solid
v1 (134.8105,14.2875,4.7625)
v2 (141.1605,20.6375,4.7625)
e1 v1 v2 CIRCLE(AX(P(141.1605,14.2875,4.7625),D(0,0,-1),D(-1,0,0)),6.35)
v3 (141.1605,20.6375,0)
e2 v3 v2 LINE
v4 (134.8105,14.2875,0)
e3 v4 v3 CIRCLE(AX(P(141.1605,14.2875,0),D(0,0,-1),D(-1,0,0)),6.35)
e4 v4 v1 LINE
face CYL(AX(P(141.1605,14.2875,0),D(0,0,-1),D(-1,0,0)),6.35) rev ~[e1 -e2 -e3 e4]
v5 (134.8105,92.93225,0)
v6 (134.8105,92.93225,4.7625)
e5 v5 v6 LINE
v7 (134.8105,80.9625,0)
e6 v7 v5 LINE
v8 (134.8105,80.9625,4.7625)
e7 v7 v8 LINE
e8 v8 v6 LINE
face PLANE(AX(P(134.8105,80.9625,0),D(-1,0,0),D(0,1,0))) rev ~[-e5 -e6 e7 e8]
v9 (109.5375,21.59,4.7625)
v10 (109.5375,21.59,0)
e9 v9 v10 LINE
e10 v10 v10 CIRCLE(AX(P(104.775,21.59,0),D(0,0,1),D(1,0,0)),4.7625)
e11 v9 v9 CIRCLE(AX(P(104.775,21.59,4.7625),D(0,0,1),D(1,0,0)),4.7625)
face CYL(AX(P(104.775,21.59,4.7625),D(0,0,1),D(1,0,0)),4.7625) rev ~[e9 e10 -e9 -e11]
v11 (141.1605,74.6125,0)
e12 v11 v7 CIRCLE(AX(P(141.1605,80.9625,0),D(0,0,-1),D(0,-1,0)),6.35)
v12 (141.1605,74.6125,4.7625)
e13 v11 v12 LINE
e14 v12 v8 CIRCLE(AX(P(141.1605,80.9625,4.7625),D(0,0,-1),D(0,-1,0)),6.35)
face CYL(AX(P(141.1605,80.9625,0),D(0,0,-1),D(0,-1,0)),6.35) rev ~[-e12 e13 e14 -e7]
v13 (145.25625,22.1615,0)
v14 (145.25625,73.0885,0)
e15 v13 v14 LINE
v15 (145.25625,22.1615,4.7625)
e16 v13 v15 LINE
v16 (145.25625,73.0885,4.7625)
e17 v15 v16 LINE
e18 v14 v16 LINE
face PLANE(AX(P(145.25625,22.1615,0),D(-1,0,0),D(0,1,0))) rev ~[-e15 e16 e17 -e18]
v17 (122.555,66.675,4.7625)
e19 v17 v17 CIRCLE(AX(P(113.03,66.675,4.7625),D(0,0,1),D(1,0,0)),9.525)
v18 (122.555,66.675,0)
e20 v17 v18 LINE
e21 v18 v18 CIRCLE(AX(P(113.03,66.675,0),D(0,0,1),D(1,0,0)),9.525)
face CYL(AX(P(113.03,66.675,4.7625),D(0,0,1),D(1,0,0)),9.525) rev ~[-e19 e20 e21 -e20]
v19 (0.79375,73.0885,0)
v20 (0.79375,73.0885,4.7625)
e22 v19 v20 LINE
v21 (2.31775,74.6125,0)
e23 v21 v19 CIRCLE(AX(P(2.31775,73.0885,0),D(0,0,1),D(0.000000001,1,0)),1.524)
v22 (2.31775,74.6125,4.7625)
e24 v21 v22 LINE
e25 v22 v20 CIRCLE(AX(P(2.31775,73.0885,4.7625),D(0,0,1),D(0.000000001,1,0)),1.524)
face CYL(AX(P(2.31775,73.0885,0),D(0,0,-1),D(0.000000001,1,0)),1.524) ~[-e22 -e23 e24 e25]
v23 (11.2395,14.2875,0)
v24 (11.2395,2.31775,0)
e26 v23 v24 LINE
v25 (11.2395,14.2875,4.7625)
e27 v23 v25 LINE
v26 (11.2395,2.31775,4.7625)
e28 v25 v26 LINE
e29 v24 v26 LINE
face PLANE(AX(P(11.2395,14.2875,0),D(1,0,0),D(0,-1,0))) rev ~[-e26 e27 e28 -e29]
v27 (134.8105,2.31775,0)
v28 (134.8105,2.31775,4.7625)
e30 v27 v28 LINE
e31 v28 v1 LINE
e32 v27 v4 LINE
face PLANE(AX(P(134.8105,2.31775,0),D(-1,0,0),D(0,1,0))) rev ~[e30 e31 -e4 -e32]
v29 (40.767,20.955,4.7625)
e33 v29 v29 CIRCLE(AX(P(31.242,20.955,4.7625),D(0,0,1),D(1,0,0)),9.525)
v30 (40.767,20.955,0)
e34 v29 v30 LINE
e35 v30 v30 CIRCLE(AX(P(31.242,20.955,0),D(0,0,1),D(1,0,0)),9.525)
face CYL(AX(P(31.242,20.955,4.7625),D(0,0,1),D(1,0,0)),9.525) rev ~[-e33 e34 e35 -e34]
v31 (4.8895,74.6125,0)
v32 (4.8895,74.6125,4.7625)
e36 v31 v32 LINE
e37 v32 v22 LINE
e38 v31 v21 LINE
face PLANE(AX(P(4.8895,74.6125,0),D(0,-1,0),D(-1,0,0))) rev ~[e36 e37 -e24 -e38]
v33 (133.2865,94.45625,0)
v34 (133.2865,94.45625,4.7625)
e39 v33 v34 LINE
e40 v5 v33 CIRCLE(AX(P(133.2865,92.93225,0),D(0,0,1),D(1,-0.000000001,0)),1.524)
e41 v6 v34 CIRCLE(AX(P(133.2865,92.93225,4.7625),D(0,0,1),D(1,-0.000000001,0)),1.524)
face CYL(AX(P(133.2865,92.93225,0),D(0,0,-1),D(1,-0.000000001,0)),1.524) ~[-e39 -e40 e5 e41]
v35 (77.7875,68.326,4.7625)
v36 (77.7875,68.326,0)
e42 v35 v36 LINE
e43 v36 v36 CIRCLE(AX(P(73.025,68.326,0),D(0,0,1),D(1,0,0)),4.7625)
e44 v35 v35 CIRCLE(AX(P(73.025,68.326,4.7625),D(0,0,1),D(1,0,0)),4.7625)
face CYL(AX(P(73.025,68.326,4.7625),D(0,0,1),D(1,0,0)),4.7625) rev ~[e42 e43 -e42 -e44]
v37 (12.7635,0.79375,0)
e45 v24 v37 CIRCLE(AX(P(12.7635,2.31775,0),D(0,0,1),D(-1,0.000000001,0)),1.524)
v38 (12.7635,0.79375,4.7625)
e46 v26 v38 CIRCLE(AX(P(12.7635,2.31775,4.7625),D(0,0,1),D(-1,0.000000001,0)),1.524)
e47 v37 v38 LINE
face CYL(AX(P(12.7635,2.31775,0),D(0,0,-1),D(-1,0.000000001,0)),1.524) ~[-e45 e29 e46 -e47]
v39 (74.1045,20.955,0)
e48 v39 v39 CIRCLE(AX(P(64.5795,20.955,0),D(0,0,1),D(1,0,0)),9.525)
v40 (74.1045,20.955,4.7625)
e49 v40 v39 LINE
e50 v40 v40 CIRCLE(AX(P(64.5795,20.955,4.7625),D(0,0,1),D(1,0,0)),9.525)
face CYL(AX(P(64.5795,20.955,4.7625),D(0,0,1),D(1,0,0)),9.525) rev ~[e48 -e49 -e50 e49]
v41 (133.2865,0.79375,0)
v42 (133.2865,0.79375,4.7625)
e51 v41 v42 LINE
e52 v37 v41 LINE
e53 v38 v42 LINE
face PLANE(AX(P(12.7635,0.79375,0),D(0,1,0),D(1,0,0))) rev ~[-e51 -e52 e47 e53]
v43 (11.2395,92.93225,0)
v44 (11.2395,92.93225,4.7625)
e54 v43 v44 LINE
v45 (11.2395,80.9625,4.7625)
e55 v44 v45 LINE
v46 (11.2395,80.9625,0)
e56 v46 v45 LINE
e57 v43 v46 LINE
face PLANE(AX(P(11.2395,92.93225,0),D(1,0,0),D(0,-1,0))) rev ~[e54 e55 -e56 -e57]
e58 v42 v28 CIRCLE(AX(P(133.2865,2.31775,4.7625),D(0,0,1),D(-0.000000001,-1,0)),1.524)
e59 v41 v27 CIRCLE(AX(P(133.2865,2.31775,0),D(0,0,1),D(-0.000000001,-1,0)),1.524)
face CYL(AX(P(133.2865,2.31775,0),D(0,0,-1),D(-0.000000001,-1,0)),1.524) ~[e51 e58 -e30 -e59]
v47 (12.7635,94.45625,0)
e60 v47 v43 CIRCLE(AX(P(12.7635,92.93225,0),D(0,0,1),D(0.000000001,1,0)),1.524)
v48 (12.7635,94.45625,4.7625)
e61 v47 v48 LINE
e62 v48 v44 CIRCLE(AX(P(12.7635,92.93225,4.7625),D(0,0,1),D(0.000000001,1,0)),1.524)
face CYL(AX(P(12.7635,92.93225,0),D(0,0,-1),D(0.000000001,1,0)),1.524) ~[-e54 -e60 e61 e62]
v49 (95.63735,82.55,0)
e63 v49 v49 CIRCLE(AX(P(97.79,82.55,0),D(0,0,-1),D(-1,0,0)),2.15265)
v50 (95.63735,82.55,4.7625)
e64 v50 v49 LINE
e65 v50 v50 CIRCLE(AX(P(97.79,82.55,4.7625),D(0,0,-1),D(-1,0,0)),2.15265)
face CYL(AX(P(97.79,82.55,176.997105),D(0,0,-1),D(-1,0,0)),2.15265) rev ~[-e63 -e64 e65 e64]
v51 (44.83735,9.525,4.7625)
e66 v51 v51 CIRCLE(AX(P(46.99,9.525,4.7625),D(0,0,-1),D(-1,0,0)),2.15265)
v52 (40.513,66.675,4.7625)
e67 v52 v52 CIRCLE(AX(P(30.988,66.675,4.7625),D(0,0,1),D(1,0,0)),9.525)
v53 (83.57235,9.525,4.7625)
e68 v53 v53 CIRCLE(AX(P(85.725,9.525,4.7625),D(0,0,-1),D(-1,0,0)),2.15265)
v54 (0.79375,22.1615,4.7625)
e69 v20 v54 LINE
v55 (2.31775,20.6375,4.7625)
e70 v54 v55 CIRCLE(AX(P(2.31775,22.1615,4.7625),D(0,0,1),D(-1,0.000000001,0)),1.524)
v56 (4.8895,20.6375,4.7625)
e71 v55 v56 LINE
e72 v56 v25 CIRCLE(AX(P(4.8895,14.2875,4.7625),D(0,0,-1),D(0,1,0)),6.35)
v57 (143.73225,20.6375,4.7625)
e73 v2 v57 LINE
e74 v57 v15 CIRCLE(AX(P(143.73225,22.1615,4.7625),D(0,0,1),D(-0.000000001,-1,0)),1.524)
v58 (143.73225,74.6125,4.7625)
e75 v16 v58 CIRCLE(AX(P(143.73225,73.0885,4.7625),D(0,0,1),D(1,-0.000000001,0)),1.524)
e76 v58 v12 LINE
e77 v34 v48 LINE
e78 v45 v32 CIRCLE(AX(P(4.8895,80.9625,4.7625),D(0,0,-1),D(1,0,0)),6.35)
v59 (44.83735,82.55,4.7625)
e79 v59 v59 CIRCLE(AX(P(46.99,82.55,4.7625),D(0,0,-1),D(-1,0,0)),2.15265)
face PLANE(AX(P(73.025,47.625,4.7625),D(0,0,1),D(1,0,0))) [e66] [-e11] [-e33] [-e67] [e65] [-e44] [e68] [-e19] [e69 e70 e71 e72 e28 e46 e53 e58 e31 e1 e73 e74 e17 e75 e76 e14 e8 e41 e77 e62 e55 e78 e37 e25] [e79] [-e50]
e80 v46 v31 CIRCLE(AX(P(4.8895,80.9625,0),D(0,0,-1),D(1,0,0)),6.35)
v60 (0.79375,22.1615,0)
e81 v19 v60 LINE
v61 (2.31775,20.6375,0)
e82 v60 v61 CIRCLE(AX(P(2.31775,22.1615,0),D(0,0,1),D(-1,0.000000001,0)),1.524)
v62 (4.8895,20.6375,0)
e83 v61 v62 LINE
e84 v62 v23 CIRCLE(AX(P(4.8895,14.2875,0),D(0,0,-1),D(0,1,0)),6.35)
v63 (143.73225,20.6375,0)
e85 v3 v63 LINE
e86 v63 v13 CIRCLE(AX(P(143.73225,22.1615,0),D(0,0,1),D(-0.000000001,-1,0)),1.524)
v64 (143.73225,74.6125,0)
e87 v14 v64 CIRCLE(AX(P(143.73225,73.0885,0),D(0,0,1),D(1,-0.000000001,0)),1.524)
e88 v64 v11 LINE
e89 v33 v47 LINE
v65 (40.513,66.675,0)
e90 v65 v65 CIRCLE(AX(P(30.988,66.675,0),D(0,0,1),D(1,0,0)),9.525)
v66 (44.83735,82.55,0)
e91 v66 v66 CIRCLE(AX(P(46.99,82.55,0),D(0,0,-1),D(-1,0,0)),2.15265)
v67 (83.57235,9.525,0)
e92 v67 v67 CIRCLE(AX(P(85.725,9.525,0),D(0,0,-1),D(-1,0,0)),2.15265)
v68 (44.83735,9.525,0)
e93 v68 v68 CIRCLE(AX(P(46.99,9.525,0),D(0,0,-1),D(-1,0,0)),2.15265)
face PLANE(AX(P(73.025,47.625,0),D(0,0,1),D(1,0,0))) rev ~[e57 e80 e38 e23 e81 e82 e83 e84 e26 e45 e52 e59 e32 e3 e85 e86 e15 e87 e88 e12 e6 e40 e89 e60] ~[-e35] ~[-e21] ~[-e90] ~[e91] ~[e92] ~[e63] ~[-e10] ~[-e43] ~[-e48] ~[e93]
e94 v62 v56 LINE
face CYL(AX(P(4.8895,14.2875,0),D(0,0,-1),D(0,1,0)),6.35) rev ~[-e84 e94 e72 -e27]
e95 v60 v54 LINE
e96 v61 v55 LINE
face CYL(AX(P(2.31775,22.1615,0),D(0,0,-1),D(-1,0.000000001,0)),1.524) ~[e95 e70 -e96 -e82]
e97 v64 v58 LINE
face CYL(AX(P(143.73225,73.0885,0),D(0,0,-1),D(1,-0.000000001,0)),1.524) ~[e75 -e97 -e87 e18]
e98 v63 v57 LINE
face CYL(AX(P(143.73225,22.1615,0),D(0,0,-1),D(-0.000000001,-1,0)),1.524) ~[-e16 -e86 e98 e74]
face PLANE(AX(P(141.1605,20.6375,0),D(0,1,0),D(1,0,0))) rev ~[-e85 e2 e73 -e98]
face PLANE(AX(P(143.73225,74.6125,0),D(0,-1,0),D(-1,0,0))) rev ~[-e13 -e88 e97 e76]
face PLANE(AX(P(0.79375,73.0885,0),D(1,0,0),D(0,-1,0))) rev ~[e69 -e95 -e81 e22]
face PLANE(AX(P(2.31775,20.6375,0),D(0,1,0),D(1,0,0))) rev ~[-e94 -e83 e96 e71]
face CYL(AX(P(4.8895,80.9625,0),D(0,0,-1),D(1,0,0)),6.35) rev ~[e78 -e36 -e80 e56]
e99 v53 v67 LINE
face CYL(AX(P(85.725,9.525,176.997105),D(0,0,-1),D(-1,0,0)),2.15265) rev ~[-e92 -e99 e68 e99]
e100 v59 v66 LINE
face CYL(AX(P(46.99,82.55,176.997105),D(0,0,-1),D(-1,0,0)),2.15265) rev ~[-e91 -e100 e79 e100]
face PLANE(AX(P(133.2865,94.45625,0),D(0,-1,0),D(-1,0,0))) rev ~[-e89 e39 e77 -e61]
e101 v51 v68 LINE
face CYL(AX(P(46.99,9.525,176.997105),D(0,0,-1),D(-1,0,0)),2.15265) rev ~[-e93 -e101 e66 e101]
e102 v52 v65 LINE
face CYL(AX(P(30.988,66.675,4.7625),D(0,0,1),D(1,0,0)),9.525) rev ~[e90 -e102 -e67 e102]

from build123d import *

# Parameters (mm, degrees)
BOSS_EXTRUDE1_DEPTH   = 4.7625
F_6_CLEARANCE_HOLE1_D = 4.3053
SKETCH4_R             = 4.7625
SKETCH4_R_2           = 9.525
CUT_EXTRUDE1_DEPTH    = 5.7625


with BuildPart() as part:
    # Sketch1 → Boss-Extrude1 (new body)
    with BuildSketch(Plane.XY):
        with BuildLine():
            Line((133.2865, 94.45625), (12.7635, 94.45625))
            ThreePointArc((12.7635, 94.45625), (11.685869265, 94.009880735), (11.2395, 92.93225))
            Line((11.2395, 92.93225), (11.2395, 80.9625))
            ThreePointArc((11.2395, 80.9625), (9.379628061, 76.472371939), (4.8895, 74.6125))
            Line((4.8895, 74.6125), (2.31775, 74.6125))
            ThreePointArc((2.31775, 74.6125), (1.240119265, 74.166130735), (0.79375, 73.0885))
            Line((0.79375, 73.0885), (0.79375, 22.1615))
            ThreePointArc((0.79375, 22.1615), (1.240119265, 21.083869265), (2.31775, 20.6375))
            Line((2.31775, 20.6375), (4.8895, 20.6375))
            ThreePointArc((4.8895, 20.6375), (9.379628061, 18.777628061), (11.2395, 14.2875))
            Line((11.2395, 14.2875), (11.2395, 2.31775))
            ThreePointArc((11.2395, 2.31775), (11.685869265, 1.240119265), (12.7635, 0.79375))
            Line((12.7635, 0.79375), (133.2865, 0.79375))
            ThreePointArc((133.2865, 0.79375), (134.364130735, 1.240119265), (134.8105, 2.31775))
            Line((134.8105, 2.31775), (134.8105, 14.2875))
            ThreePointArc((134.8105, 14.2875), (136.670371939, 18.777628061), (141.1605, 20.6375))
            Line((141.1605, 20.6375), (143.73225, 20.6375))
            ThreePointArc((143.73225, 20.6375), (144.809880735, 21.083869265), (145.25625, 22.1615))
            Line((145.25625, 22.1615), (145.25625, 73.0885))
            ThreePointArc((145.25625, 73.0885), (144.809880735, 74.166130735), (143.73225, 74.6125))
            Line((143.73225, 74.6125), (141.1605, 74.6125))
            ThreePointArc((141.1605, 74.6125), (136.670371939, 76.472371939), (134.8105, 80.9625))
            Line((134.8105, 80.9625), (134.8105, 92.93225))
            ThreePointArc((134.8105, 92.93225), (134.364130735, 94.009880735), (133.2865, 94.45625))
        make_face()
    extrude(amount=BOSS_EXTRUDE1_DEPTH)

    # #6 Clearance Hole1 (through all)
    with Locations(Plane.XY.offset(4.7625)):
        with Locations((46.99, 82.55), (97.79, 82.55), (85.725, 9.525), (46.99, 9.525)):
            Hole(F_6_CLEARANCE_HOLE1_D / 2)

    # Sketch4 → Cut-Extrude1 (cut, through all)
    with BuildSketch(Plane.XY.offset(4.7625)):
        with Locations((73.025, 68.326)):
            Circle(SKETCH4_R)
        with Locations((104.775, 21.59)):
            Circle(SKETCH4_R)
        with Locations((30.988, 66.675)):
            Circle(SKETCH4_R_2)
        with Locations((113.03, 66.675)):
            Circle(SKETCH4_R_2)
        with Locations((31.242, 20.955)):
            Circle(SKETCH4_R_2)
        with Locations((64.5795, 20.955)):
            Circle(SKETCH4_R_2)
    extrude(amount=-CUT_EXTRUDE1_DEPTH, mode=Mode.SUBTRACT)


solid = part.part
